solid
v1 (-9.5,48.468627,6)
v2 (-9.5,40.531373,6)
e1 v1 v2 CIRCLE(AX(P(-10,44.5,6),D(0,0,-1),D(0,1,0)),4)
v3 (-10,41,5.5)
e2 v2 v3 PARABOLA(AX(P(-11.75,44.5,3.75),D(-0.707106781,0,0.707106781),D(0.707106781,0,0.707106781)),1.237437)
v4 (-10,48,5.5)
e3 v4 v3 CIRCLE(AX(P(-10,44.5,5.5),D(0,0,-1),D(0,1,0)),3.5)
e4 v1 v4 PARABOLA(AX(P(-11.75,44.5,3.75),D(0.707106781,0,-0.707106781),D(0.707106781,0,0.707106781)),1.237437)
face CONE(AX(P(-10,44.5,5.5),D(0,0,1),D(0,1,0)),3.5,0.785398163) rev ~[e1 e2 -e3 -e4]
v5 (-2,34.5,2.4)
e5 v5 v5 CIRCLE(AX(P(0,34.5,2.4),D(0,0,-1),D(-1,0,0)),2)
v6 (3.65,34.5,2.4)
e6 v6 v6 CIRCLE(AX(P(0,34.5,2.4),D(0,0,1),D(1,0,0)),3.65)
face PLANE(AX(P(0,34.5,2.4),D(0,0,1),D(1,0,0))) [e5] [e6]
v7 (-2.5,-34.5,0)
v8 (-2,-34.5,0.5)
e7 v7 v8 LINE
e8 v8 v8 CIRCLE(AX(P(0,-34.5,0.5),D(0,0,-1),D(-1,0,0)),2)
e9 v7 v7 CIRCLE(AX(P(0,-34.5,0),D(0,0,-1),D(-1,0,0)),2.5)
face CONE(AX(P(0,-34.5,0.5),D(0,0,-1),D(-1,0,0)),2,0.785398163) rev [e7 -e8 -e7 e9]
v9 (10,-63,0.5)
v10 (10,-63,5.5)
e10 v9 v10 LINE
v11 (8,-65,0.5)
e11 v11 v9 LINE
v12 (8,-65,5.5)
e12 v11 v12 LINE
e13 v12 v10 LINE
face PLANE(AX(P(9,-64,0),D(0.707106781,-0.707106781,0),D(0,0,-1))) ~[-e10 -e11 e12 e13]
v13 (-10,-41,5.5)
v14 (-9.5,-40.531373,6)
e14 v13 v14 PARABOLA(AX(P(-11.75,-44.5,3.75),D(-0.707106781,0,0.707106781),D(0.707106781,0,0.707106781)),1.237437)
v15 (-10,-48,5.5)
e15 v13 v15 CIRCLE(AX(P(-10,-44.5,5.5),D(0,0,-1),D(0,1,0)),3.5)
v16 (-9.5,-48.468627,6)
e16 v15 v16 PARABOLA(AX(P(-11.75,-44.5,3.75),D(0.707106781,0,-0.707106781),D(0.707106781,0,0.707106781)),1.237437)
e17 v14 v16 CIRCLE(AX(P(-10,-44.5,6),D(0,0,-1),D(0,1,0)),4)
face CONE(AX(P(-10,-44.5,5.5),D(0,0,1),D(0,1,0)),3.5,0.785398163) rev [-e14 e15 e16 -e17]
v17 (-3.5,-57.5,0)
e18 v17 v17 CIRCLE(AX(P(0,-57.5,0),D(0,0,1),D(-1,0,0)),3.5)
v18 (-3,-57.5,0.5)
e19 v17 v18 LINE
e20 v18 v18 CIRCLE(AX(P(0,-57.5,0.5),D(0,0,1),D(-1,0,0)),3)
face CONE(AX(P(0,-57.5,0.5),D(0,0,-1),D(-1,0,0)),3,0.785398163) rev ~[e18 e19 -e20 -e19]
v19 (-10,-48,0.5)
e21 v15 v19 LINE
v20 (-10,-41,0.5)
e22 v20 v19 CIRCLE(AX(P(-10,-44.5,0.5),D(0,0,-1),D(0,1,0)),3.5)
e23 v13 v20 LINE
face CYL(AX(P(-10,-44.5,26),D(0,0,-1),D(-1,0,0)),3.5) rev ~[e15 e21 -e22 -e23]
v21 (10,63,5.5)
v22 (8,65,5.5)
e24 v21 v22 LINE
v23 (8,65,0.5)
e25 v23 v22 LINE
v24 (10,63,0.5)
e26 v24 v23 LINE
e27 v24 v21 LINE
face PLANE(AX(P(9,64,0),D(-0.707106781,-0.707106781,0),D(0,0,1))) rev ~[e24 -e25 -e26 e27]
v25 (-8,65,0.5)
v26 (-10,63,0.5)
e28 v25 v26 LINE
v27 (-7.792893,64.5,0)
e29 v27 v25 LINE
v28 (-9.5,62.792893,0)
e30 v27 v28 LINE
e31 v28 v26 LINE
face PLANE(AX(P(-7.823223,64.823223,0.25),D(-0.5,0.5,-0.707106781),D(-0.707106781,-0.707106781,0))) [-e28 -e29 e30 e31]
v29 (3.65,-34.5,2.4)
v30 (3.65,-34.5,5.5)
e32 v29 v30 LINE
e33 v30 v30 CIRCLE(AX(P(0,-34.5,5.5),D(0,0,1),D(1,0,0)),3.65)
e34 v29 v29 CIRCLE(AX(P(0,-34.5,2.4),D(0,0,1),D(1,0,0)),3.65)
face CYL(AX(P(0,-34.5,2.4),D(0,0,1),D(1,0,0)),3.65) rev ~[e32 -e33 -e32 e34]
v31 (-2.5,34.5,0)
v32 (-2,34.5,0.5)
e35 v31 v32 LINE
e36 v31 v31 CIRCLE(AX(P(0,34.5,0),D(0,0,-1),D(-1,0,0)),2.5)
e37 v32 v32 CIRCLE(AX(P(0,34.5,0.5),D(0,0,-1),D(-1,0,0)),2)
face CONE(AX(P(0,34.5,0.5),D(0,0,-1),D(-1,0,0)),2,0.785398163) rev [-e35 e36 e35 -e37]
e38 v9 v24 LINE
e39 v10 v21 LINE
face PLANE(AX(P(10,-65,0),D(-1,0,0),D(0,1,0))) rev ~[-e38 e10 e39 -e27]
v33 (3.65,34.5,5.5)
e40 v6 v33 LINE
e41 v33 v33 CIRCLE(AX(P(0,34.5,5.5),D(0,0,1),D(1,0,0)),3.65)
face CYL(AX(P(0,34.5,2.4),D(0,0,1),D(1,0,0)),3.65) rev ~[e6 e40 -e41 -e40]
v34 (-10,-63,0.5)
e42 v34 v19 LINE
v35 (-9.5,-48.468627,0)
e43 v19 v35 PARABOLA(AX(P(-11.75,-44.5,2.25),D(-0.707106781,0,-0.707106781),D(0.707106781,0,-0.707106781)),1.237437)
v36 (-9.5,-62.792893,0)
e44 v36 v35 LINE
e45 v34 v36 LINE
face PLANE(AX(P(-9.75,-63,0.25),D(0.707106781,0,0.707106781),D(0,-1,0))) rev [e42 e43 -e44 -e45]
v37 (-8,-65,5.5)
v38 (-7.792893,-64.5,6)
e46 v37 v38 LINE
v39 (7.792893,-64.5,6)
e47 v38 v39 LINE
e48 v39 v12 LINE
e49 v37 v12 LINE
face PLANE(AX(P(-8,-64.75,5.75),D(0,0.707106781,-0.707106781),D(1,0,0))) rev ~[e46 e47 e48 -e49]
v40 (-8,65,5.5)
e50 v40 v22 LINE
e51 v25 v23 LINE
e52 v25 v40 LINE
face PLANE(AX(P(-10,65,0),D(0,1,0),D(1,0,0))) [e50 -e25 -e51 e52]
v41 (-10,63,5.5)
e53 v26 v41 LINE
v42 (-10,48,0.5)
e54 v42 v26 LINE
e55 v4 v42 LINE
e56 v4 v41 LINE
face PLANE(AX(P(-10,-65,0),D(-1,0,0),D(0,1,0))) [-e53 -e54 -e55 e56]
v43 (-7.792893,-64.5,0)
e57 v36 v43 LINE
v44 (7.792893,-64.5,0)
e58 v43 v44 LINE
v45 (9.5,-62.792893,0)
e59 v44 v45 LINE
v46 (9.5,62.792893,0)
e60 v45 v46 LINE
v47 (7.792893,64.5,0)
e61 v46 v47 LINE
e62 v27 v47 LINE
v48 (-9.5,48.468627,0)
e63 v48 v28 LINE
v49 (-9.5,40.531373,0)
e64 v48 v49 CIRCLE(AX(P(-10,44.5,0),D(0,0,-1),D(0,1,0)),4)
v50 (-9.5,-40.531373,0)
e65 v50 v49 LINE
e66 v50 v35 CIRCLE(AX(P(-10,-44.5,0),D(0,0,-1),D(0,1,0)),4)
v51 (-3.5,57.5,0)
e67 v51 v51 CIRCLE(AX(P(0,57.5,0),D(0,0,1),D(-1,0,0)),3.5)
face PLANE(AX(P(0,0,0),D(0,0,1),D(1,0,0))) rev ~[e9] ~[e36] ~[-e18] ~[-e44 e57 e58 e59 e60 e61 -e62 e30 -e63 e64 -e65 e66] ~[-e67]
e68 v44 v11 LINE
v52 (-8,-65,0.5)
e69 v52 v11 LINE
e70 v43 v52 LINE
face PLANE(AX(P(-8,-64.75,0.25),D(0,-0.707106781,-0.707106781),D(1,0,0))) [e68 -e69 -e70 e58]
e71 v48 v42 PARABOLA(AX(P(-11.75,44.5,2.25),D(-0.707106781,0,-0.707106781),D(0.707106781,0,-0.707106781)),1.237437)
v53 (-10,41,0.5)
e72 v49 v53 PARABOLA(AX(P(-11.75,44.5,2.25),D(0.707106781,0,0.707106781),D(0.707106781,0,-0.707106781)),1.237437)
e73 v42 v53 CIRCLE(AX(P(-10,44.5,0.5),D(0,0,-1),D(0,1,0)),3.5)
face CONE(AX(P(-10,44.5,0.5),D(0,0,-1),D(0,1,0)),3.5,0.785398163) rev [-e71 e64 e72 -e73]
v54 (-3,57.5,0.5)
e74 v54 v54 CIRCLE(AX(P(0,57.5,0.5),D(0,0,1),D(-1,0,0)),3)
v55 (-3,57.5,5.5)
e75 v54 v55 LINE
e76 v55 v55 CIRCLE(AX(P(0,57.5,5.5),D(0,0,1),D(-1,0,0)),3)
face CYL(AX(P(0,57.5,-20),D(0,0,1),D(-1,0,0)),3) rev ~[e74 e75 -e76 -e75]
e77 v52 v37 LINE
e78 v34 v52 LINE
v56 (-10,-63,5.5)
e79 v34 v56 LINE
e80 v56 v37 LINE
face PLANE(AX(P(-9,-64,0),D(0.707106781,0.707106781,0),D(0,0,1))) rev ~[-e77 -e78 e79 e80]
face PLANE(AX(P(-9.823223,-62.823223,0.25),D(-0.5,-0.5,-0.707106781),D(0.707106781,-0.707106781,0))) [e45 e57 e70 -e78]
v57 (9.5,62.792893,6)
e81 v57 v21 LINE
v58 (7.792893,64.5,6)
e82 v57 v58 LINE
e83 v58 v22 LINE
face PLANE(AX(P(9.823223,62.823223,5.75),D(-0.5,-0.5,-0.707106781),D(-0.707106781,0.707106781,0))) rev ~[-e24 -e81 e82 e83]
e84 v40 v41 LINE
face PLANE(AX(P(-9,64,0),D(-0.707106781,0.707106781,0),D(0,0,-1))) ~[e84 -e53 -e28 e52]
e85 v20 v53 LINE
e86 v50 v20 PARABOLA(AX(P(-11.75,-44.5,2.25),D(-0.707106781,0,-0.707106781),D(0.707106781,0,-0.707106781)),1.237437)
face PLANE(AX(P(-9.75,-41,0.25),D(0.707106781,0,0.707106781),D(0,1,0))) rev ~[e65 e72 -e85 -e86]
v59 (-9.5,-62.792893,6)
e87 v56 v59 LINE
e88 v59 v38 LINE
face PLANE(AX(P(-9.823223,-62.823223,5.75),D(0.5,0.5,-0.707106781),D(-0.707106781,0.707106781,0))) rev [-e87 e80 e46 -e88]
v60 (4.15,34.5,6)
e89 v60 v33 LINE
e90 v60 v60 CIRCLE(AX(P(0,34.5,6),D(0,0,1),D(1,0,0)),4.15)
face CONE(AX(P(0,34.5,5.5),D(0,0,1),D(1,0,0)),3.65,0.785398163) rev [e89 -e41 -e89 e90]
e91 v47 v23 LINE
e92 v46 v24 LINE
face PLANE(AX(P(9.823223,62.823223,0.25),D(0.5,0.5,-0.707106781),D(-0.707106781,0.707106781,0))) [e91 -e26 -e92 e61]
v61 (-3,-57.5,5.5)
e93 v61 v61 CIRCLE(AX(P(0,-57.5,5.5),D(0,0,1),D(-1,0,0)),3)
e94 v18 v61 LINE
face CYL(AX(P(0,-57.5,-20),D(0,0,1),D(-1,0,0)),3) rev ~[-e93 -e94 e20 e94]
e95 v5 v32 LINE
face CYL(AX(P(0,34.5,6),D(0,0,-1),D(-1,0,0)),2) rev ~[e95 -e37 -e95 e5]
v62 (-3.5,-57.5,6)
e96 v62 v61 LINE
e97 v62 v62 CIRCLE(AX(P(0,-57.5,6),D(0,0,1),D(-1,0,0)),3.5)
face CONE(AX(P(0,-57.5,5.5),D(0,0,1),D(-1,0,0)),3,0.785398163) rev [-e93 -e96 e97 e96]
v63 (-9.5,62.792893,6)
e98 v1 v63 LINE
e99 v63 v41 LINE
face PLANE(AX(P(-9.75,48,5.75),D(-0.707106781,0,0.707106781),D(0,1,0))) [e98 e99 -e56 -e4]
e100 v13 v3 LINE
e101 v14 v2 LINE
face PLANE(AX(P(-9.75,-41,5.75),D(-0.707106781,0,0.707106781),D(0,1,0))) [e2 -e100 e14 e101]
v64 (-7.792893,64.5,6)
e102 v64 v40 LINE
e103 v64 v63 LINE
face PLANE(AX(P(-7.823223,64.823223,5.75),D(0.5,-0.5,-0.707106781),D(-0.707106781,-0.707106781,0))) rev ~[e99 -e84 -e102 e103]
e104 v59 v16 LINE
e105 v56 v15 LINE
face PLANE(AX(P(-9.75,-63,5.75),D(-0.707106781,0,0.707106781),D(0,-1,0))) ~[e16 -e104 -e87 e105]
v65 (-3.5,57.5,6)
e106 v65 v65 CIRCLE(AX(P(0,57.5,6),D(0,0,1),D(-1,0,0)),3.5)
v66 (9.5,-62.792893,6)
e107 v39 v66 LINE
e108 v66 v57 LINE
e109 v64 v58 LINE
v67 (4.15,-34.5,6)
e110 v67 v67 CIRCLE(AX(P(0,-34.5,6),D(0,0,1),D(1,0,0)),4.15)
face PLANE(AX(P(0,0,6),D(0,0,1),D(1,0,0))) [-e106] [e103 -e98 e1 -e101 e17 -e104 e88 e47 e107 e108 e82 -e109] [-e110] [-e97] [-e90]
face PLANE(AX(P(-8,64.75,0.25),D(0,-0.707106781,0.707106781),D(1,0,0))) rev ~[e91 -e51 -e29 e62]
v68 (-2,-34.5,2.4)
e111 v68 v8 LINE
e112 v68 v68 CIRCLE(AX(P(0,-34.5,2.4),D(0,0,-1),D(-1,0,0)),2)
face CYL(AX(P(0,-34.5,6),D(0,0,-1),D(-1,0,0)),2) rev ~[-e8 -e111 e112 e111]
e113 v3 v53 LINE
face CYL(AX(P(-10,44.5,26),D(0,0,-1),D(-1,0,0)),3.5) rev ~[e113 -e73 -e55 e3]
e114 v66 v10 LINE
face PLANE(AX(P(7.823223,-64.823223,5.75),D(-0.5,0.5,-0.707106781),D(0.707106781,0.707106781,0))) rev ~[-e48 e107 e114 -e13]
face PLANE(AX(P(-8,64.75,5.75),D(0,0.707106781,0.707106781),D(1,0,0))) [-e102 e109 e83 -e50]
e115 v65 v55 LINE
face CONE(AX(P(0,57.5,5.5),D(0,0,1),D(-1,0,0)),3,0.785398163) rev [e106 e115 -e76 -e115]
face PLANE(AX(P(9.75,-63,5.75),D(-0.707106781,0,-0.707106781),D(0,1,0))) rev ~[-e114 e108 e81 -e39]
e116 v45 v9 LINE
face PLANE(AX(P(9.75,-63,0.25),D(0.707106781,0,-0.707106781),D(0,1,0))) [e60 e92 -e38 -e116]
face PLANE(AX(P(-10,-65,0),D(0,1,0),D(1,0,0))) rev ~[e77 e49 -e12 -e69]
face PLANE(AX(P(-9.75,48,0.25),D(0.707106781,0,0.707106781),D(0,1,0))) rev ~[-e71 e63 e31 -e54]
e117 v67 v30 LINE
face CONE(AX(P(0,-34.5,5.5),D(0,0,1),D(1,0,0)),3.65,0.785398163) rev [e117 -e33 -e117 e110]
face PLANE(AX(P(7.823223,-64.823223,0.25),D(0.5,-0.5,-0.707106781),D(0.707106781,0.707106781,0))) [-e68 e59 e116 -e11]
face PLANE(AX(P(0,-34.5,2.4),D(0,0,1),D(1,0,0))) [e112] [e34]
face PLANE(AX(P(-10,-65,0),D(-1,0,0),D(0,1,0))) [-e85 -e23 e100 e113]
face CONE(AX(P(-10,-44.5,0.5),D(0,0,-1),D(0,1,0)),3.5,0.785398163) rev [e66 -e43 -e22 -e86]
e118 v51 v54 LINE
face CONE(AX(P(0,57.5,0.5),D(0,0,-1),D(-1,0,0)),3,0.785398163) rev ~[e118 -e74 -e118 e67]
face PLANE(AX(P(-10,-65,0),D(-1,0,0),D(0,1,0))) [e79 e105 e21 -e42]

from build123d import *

# Parameters (mm, degrees)
F0_W           = 20
F0_H           = 130
F1_DEPTH       = 6
F3_D           = 4
F3_DEPTH       = 20
F3_CBORE_D     = 7.3
F3_CBORE_DEPTH = 3.6
F5_D           = 7
F5_DEPTH       = 20
F7_D           = 6
F7_DEPTH       = 20
F8_SIZE        = 2
F9_SIZE        = 0.5


with BuildPart() as f1:
    # F0 (on Top) → F1 (new body)
    with BuildSketch(Plane.XY):
        Rectangle(F0_W, F0_H)
    extrude(amount=F1_DEPTH)

    # F3
    with Locations(Plane.XY.offset(6)):
        with Locations((0, 34.5), (0, -34.5)):
            CounterBoreHole(F3_D / 2, F3_CBORE_D / 2, F3_CBORE_DEPTH, depth=F3_DEPTH)

    # F5
    with Locations(Plane.XY.offset(6)):
        with Locations((-10, 44.5), (-10, -44.5)):
            Hole(F5_D / 2, depth=F5_DEPTH)

    # F7
    with Locations(Plane(origin=(0, 0, 0), x_dir=(1, 0, 0), z_dir=(0, 0, -1))):
        with Locations((0, -57.5), (0, 57.5)):
            Hole(F7_D / 2, depth=F7_DEPTH)

    # F8
    f8_edges = [f1.edges().sort_by_distance(p)[0] for p in [
        (-10, -65, 3),
        (10, -65, 3),
        (-10, 65, 3),
        (10, 65, 3),
    ]]
    chamfer(f8_edges, length=F8_SIZE)

    # F9
    f9_edges = [f1.edges().sort_by_distance(p)[0] for p in [
        (-10, -55.5, 0),
        (-9, -64, 0),
        (-6.5, -44.5, 0),
        (0, -65, 0),
        (-10, 0, 0),
        (9, -64, 0),
        (-6.5, 44.5, 0),
        (10, 0, 0),
        (-10, 55.5, 0),
        (9, 64, 0),
        (-9, 64, 0),
        (0, 65, 0),
        (-3, -57.5, 0),
        (-2, -34.5, 0),
        (-2, 34.5, 0),
        (-3, 57.5, 0),
        (-10, -55.5, 6),
        (-9, -64, 6),
        (-6.5, -44.5, 6),
        (0, -65, 6),
        (-10, 0, 6),
        (9, -64, 6),
        (-6.5, 44.5, 6),
        (10, 0, 6),
        (-10, 55.5, 6),
        (9, 64, 6),
        (-9, 64, 6),
        (0, 65, 6),
        (-3, -57.5, 6),
        (-3.65, -34.5, 6),
        (-3.65, 34.5, 6),
        (-3, 57.5, 6),
    ]]
    chamfer(f9_edges, length=F9_SIZE)


solid = f1.part
